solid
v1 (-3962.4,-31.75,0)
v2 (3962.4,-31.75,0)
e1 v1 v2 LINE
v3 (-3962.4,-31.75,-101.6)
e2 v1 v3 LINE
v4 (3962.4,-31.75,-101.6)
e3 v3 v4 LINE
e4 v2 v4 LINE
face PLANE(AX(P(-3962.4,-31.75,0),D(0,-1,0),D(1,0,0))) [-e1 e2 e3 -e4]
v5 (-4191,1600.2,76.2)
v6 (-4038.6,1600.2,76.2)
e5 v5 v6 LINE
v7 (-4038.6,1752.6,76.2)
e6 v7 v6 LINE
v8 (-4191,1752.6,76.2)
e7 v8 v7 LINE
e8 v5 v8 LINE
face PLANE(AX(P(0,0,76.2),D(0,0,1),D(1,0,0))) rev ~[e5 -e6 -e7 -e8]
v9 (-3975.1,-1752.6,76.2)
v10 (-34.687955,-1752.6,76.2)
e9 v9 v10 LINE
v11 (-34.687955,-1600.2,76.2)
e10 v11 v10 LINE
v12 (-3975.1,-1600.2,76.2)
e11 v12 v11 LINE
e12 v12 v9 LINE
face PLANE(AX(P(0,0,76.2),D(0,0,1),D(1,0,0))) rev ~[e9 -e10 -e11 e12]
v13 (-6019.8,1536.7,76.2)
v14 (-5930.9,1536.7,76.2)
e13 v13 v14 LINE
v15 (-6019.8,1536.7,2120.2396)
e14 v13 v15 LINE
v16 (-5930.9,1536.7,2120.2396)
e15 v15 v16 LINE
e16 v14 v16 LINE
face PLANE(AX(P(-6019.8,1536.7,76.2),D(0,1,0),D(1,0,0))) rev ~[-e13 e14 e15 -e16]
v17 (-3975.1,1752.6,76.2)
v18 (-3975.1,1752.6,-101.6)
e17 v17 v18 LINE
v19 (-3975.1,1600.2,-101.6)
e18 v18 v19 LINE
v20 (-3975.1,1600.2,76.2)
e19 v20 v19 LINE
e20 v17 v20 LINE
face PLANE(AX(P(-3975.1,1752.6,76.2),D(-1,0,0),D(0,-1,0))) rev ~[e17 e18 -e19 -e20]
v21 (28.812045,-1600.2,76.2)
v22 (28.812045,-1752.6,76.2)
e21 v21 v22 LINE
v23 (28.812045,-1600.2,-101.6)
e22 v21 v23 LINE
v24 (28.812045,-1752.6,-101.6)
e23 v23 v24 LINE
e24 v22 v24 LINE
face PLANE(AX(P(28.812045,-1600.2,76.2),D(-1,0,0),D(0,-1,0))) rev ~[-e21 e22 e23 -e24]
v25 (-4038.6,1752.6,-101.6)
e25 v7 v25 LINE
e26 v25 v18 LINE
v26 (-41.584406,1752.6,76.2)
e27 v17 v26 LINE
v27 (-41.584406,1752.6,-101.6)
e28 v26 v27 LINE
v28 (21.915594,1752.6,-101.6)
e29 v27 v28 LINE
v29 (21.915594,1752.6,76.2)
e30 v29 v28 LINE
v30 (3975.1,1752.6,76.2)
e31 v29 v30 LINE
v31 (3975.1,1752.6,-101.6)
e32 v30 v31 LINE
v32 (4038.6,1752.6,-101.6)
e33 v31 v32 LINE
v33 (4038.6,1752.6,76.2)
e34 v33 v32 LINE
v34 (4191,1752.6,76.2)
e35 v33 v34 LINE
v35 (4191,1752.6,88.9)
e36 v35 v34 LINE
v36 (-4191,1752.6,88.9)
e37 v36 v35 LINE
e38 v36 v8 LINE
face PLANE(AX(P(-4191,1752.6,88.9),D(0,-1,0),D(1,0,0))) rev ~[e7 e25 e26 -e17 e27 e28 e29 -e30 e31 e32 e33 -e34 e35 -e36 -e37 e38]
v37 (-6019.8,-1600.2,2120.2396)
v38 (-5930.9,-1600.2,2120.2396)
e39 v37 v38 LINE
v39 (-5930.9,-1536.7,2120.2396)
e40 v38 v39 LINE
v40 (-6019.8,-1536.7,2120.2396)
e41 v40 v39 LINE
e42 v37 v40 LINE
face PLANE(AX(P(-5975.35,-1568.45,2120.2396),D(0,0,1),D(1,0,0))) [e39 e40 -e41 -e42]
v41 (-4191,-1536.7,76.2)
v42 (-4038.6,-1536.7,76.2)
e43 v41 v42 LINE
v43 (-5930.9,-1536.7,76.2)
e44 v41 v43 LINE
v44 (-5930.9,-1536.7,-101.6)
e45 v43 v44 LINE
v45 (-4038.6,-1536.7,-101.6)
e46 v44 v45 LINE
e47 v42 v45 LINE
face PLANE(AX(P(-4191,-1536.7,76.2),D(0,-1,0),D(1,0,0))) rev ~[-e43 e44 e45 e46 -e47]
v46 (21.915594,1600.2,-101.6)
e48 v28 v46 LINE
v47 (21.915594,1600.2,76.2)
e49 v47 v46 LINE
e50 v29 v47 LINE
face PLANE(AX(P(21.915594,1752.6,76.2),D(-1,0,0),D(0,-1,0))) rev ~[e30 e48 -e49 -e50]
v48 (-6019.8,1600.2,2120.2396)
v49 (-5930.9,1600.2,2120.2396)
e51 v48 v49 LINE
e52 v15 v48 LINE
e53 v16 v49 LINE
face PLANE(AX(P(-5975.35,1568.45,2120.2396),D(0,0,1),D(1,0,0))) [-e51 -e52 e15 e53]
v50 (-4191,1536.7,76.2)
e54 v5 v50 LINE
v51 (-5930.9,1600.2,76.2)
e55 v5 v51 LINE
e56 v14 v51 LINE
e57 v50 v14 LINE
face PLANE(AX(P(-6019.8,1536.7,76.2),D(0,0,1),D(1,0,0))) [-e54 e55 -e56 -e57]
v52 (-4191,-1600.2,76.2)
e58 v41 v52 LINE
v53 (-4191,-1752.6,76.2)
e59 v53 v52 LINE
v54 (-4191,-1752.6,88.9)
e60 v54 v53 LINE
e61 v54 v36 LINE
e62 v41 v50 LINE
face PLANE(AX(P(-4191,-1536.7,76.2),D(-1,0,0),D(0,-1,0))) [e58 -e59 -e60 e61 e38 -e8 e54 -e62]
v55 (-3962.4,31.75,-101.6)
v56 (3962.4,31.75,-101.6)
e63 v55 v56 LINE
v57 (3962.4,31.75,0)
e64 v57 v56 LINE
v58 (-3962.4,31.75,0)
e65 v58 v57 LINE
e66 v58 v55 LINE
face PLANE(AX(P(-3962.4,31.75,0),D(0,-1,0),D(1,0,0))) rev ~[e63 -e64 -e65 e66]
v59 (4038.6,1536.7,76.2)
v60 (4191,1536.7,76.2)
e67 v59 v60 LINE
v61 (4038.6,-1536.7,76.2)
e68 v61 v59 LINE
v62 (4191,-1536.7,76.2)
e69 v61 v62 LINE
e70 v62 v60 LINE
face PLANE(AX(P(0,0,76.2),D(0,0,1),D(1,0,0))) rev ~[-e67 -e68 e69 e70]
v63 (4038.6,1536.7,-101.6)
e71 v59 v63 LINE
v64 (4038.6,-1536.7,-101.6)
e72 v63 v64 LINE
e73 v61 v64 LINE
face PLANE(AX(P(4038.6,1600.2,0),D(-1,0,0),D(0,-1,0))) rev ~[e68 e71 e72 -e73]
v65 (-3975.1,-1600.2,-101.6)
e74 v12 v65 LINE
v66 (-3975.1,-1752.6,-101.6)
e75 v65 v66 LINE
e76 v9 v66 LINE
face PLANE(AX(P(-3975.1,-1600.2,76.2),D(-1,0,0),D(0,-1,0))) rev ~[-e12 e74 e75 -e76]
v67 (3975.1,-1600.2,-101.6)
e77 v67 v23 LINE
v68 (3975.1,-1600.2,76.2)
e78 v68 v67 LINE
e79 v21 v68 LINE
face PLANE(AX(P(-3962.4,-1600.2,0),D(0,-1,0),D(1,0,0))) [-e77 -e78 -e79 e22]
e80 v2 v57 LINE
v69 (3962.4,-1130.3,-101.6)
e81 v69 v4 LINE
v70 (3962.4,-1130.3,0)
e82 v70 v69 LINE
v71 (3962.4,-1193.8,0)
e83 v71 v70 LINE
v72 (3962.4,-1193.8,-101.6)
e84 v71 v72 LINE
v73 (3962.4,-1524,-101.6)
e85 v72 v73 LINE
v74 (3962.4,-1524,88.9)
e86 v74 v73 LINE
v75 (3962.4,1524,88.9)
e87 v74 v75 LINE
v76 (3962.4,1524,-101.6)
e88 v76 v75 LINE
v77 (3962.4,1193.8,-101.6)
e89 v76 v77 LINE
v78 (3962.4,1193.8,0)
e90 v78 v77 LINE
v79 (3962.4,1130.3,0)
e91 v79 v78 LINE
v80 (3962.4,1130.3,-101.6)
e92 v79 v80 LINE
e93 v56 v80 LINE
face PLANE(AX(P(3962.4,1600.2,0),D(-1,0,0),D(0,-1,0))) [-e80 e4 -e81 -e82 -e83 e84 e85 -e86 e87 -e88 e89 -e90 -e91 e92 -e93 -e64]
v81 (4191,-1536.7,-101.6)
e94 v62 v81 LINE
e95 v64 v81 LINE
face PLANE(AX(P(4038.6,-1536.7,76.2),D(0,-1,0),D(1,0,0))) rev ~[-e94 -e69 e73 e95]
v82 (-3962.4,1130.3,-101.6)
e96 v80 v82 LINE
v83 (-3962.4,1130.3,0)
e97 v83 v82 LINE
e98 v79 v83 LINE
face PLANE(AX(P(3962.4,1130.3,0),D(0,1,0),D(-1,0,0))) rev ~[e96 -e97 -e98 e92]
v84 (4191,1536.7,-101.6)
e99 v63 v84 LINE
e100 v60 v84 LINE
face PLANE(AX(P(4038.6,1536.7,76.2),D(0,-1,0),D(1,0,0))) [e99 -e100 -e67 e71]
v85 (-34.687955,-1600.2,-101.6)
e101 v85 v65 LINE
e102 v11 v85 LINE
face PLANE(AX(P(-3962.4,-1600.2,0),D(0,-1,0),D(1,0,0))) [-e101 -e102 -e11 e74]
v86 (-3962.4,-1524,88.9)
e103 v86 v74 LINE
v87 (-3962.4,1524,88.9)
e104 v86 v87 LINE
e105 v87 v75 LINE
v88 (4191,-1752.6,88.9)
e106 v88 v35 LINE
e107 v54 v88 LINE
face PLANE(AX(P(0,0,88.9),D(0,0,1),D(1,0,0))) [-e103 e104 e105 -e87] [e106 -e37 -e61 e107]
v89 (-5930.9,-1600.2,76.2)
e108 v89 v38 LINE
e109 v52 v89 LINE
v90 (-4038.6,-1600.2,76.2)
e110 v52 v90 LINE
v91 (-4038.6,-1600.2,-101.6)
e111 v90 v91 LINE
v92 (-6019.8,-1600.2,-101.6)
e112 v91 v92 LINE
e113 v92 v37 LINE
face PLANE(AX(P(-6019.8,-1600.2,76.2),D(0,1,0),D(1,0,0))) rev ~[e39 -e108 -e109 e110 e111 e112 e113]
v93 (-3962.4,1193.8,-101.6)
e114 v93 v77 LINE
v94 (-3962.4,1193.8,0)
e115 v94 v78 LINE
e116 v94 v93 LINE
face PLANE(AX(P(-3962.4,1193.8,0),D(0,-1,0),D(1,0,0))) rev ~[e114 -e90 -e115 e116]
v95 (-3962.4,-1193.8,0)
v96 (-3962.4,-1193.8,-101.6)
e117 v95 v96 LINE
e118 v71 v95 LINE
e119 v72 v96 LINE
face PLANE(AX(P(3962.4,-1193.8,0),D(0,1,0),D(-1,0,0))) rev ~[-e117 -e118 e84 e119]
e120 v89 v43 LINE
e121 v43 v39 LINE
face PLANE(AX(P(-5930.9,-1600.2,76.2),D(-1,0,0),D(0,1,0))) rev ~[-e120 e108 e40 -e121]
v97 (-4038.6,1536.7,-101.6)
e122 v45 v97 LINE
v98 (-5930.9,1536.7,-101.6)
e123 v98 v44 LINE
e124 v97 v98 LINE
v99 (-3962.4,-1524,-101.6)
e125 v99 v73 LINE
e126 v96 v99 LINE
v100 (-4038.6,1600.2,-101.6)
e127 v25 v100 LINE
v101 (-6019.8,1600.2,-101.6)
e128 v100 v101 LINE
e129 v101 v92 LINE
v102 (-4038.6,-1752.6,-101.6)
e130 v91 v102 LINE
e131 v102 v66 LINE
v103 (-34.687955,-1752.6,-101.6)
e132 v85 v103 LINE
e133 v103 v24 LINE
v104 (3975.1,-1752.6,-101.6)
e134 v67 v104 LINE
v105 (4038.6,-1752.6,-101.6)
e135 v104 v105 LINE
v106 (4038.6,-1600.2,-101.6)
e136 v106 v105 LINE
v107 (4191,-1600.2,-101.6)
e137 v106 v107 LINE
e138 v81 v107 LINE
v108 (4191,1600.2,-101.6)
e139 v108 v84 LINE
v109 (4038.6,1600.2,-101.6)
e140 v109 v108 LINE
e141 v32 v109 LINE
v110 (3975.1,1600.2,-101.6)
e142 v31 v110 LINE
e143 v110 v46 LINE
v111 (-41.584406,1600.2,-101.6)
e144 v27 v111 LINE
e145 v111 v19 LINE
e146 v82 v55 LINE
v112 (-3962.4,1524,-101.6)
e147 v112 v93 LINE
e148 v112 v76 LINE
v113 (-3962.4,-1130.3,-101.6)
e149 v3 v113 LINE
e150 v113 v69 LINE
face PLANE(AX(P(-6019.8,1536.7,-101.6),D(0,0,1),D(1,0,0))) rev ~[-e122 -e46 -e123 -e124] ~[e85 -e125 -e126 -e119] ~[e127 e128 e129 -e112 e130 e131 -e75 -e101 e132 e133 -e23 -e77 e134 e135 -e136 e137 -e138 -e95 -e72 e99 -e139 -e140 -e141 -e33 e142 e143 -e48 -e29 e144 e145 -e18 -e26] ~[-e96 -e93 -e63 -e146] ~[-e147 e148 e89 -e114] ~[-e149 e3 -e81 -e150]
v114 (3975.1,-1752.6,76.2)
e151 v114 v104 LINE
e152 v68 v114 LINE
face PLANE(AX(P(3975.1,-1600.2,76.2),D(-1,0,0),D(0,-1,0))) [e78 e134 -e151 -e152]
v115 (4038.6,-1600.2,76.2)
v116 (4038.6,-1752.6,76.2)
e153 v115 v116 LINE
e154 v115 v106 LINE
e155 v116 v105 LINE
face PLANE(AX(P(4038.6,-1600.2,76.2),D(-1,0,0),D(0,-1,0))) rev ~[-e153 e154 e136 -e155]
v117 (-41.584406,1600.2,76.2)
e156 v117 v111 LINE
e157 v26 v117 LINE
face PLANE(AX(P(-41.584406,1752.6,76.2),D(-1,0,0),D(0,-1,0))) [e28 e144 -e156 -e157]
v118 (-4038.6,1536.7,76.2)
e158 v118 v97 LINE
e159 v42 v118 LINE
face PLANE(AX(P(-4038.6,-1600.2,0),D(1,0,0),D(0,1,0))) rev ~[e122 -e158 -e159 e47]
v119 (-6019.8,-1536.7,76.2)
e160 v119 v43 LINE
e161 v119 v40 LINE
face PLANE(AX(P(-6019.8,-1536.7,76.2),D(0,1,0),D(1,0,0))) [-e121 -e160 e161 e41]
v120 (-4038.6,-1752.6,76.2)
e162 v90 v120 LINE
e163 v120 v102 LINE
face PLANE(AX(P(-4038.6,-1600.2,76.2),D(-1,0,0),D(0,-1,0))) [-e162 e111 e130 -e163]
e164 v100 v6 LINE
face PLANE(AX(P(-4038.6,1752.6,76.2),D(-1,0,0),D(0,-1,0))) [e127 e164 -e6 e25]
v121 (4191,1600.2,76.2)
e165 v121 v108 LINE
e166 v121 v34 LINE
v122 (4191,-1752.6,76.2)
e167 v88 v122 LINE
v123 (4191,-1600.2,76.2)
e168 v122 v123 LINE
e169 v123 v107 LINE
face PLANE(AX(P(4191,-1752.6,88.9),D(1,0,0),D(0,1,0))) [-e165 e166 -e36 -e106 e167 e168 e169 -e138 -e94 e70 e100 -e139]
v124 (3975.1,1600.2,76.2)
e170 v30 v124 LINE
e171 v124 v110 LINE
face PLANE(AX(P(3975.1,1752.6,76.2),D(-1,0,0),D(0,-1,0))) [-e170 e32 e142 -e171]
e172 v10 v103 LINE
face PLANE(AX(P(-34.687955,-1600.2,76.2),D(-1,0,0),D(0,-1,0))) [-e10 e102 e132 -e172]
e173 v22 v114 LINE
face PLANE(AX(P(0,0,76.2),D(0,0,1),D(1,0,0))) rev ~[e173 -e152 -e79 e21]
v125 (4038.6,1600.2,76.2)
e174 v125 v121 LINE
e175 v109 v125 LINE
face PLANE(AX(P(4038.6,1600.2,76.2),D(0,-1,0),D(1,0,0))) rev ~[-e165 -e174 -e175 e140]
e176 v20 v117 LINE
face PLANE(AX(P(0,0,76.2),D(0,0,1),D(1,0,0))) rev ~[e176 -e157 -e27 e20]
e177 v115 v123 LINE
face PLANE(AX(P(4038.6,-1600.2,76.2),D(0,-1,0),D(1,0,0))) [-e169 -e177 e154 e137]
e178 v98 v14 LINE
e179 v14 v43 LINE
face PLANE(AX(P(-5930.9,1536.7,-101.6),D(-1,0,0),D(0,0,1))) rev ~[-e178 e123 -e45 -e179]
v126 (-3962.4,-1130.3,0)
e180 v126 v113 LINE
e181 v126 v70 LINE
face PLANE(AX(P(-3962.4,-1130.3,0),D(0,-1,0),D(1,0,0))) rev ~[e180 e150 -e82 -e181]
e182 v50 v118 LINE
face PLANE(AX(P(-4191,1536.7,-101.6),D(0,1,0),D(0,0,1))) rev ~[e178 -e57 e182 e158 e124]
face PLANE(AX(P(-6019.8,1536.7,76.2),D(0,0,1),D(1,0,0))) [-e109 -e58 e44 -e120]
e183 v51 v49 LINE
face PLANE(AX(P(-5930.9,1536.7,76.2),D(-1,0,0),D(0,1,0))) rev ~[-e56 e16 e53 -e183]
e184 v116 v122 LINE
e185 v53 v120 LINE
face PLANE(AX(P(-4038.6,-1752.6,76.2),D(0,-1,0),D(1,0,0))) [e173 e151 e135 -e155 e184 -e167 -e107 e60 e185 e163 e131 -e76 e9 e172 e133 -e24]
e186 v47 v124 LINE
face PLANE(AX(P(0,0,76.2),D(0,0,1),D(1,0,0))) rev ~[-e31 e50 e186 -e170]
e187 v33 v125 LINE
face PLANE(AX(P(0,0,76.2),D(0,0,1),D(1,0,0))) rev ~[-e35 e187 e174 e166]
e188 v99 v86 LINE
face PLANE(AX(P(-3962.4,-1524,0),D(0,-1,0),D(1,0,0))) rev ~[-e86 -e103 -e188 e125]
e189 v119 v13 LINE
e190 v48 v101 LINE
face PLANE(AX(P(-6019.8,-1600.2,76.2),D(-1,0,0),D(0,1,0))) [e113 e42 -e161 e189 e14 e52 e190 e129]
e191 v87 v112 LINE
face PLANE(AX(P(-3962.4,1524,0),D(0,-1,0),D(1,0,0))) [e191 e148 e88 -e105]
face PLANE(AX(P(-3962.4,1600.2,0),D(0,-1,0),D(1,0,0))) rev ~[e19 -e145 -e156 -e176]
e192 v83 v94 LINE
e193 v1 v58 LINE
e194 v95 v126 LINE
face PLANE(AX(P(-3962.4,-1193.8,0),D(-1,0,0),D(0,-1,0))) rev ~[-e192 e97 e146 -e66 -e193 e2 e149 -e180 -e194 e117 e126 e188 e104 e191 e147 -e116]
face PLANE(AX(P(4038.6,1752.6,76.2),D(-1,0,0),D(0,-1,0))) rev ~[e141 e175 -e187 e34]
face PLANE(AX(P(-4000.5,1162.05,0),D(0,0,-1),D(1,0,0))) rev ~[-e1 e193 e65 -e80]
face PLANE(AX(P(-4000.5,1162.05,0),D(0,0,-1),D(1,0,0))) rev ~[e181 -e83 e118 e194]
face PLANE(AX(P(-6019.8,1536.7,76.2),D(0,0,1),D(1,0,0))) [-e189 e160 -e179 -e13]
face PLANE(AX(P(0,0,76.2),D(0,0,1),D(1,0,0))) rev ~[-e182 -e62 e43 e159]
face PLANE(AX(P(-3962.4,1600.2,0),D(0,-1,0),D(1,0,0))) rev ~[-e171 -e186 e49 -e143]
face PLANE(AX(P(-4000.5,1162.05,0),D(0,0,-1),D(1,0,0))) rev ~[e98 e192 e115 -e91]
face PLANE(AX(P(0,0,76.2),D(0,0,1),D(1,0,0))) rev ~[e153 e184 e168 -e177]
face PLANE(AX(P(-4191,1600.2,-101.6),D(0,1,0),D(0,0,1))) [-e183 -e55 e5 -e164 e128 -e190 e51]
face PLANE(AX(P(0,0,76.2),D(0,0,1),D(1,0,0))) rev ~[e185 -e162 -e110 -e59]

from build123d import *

# Parameters (mm, degrees)
F0_W      = 8077.2
F0_H      = 3200.4
F0_W_2    = 7924.8
F0_H_2    = 3048
F1_DEPTH  = 88.9
F2_W      = 8382
F2_H      = 3505.2
F2_W_2    = 8077.2
F2_H_2    = 3200.4
F3_DEPTH  = 12.7
F4_W      = 76.2
F4_H      = 63.5
F4_H_2    = 406.4
F4_W_2    = 7924.8
F4_H_3    = 1098.55
F5_DEPTH  = 101.6
F6_W      = 7924.8
F6_H      = 76.2
F7_DEPTH  = 101.6
F8_W      = 7924.8
F8_H      = 76.2
F9_DEPTH  = 101.6
F10_W     = 63.5
F10_H     = 152.4
F10_W_2   = 152.4
F10_H_2   = 63.5
F11_DEPTH = 177.8
F12_W     = 63.5
F12_H     = 177.8
F13_DEPTH = 1828.8
F14_W     = 88.9
F14_H     = 177.8
F15_DEPTH = 3103.88
F16_W     = 88.9
F16_H     = 63.5
F17_DEPTH = 2044.0396


with BuildPart() as f1:
    # F0 (on Top) → F1 (new body)
    with BuildSketch(Plane.XY):
        Rectangle(F0_W, F0_H)
        Rectangle(F0_W_2, F0_H_2, mode=Mode.SUBTRACT)
    extrude(amount=F1_DEPTH)

    # F2 (on face) → F3 (join)
    with BuildSketch(Plane.XY.offset(88.9)):
        Rectangle(F2_W, F2_H)
        Rectangle(F2_W_2, F2_H_2, mode=Mode.SUBTRACT)
    extrude(amount=-F3_DEPTH)

    # F4 (on face) → F5 (join)
    with BuildSketch(Plane(origin=(0, 0, 0), x_dir=(1, 0, 0), z_dir=(0, 0, -1))):
        with Locations((-4000.5, -1162.05)):
            Rectangle(F4_W, F4_H)
        with Locations((-4000.5, -1397)):
            Rectangle(F4_W, F4_H_2)
        with Locations((0, -1162.05)):
            Rectangle(F4_W_2, F4_H)
        with Locations((-4000.5, -581.025)):
            Rectangle(F4_W, F4_H_3)
        with Locations((4000.5, -1162.05)):
            Rectangle(F4_W, F4_H)
        with Locations((4000.5, -1397)):
            Rectangle(F4_W, F4_H_2)
        with Locations((-4000.5, 0)):
            Rectangle(F4_W, F4_H)
        with Locations((4000.5, -581.025)):
            Rectangle(F4_W, F4_H_3)
        with Locations((-4000.5, 581.025)):
            Rectangle(F4_W, F4_H_3)
        with Locations((4000.5, 0)):
            Rectangle(F4_W, F4_H)
        with Locations((-4000.5, 1162.05)):
            Rectangle(F4_W, F4_H)
        with Locations((4000.5, 581.025)):
            Rectangle(F4_W, F4_H_3)
        with Locations((0, 1162.05)):
            Rectangle(F4_W_2, F4_H)
        with Locations((-4000.5, 1397)):
            Rectangle(F4_W, F4_H_2)
        with Locations((4000.5, 1162.05)):
            Rectangle(F4_W, F4_H)
        with Locations((4000.5, 1397)):
            Rectangle(F4_W, F4_H_2)
        Rectangle(F4_W_2, F4_H)
    extrude(amount=F5_DEPTH)

    # F6 (on face) → F7 (join)
    with BuildSketch(Plane(origin=(0, 0, 0), x_dir=(1, 0, 0), z_dir=(0, 0, -1))):
        with Locations((0, -1562.1)):
            Rectangle(F6_W, F6_H)
    extrude(amount=F7_DEPTH)

    # F8 (on face) → F9 (join)
    with BuildSketch(Plane(origin=(0, 0, 0), x_dir=(1, 0, 0), z_dir=(0, 0, -1))):
        with Locations((0, 1562.1)):
            Rectangle(F8_W, F8_H)
    extrude(amount=F9_DEPTH)

    # F10 (on face) → F11 (join)
    with BuildSketch(Plane(origin=(0, 0, 76.2), x_dir=(1, 0, 0), z_dir=(0, 0, -1))):
        with Locations((-4006.85, 1676.4)):
            Rectangle(F10_W, F10_H)
        with Locations((-4114.8, 1568.45)):
            Rectangle(F10_W_2, F10_H_2)
        with Locations((-2.9379549325, 1676.4)):
            Rectangle(F10_W, F10_H)
        with Locations((4006.85, 1676.4)):
            Rectangle(F10_W, F10_H)
        with Locations((4114.8, 1568.45)):
            Rectangle(F10_W_2, F10_H_2)
        with Locations((4114.8, -1568.45)):
            Rectangle(F10_W_2, F10_H_2)
        with Locations((4006.85, -1676.4)):
            Rectangle(F10_W, F10_H)
        with Locations((-4006.85, -1676.4)):
            Rectangle(F10_W, F10_H)
        with Locations((-4114.8, -1568.45)):
            Rectangle(F10_W_2, F10_H_2)
        with Locations((-9.8344060481, -1676.4)):
            Rectangle(F10_W, F10_H)
    extrude(amount=F11_DEPTH)

    # F12 (on face) → F13 (join)
    with BuildSketch(Plane(origin=(-4191, 0, 0), x_dir=(0, -1, 0), z_dir=(-1, 0, 0))):
        with Locations((-1568.45, -12.7)):
            Rectangle(F12_W, F12_H)
        with Locations((1568.45, -12.7)):
            Rectangle(F12_W, F12_H)
    extrude(amount=F13_DEPTH)

    # F14 (on face) → F15 (join)
    with BuildSketch(Plane.XZ.offset(-1536.7)):
        with Locations((-5975.35, -12.7)):
            Rectangle(F14_W, F14_H)
    extrude(amount=F15_DEPTH)

    # F16 (on face) → F17 (join)
    with BuildSketch(Plane.XY.offset(76.2)):
        with Locations((-5975.35, -1568.45)):
            Rectangle(F16_W, F16_H)
        with Locations((-5975.35, 1568.45)):
            Rectangle(F16_W, F16_H)
    extrude(amount=F17_DEPTH)


solid = f1.part
